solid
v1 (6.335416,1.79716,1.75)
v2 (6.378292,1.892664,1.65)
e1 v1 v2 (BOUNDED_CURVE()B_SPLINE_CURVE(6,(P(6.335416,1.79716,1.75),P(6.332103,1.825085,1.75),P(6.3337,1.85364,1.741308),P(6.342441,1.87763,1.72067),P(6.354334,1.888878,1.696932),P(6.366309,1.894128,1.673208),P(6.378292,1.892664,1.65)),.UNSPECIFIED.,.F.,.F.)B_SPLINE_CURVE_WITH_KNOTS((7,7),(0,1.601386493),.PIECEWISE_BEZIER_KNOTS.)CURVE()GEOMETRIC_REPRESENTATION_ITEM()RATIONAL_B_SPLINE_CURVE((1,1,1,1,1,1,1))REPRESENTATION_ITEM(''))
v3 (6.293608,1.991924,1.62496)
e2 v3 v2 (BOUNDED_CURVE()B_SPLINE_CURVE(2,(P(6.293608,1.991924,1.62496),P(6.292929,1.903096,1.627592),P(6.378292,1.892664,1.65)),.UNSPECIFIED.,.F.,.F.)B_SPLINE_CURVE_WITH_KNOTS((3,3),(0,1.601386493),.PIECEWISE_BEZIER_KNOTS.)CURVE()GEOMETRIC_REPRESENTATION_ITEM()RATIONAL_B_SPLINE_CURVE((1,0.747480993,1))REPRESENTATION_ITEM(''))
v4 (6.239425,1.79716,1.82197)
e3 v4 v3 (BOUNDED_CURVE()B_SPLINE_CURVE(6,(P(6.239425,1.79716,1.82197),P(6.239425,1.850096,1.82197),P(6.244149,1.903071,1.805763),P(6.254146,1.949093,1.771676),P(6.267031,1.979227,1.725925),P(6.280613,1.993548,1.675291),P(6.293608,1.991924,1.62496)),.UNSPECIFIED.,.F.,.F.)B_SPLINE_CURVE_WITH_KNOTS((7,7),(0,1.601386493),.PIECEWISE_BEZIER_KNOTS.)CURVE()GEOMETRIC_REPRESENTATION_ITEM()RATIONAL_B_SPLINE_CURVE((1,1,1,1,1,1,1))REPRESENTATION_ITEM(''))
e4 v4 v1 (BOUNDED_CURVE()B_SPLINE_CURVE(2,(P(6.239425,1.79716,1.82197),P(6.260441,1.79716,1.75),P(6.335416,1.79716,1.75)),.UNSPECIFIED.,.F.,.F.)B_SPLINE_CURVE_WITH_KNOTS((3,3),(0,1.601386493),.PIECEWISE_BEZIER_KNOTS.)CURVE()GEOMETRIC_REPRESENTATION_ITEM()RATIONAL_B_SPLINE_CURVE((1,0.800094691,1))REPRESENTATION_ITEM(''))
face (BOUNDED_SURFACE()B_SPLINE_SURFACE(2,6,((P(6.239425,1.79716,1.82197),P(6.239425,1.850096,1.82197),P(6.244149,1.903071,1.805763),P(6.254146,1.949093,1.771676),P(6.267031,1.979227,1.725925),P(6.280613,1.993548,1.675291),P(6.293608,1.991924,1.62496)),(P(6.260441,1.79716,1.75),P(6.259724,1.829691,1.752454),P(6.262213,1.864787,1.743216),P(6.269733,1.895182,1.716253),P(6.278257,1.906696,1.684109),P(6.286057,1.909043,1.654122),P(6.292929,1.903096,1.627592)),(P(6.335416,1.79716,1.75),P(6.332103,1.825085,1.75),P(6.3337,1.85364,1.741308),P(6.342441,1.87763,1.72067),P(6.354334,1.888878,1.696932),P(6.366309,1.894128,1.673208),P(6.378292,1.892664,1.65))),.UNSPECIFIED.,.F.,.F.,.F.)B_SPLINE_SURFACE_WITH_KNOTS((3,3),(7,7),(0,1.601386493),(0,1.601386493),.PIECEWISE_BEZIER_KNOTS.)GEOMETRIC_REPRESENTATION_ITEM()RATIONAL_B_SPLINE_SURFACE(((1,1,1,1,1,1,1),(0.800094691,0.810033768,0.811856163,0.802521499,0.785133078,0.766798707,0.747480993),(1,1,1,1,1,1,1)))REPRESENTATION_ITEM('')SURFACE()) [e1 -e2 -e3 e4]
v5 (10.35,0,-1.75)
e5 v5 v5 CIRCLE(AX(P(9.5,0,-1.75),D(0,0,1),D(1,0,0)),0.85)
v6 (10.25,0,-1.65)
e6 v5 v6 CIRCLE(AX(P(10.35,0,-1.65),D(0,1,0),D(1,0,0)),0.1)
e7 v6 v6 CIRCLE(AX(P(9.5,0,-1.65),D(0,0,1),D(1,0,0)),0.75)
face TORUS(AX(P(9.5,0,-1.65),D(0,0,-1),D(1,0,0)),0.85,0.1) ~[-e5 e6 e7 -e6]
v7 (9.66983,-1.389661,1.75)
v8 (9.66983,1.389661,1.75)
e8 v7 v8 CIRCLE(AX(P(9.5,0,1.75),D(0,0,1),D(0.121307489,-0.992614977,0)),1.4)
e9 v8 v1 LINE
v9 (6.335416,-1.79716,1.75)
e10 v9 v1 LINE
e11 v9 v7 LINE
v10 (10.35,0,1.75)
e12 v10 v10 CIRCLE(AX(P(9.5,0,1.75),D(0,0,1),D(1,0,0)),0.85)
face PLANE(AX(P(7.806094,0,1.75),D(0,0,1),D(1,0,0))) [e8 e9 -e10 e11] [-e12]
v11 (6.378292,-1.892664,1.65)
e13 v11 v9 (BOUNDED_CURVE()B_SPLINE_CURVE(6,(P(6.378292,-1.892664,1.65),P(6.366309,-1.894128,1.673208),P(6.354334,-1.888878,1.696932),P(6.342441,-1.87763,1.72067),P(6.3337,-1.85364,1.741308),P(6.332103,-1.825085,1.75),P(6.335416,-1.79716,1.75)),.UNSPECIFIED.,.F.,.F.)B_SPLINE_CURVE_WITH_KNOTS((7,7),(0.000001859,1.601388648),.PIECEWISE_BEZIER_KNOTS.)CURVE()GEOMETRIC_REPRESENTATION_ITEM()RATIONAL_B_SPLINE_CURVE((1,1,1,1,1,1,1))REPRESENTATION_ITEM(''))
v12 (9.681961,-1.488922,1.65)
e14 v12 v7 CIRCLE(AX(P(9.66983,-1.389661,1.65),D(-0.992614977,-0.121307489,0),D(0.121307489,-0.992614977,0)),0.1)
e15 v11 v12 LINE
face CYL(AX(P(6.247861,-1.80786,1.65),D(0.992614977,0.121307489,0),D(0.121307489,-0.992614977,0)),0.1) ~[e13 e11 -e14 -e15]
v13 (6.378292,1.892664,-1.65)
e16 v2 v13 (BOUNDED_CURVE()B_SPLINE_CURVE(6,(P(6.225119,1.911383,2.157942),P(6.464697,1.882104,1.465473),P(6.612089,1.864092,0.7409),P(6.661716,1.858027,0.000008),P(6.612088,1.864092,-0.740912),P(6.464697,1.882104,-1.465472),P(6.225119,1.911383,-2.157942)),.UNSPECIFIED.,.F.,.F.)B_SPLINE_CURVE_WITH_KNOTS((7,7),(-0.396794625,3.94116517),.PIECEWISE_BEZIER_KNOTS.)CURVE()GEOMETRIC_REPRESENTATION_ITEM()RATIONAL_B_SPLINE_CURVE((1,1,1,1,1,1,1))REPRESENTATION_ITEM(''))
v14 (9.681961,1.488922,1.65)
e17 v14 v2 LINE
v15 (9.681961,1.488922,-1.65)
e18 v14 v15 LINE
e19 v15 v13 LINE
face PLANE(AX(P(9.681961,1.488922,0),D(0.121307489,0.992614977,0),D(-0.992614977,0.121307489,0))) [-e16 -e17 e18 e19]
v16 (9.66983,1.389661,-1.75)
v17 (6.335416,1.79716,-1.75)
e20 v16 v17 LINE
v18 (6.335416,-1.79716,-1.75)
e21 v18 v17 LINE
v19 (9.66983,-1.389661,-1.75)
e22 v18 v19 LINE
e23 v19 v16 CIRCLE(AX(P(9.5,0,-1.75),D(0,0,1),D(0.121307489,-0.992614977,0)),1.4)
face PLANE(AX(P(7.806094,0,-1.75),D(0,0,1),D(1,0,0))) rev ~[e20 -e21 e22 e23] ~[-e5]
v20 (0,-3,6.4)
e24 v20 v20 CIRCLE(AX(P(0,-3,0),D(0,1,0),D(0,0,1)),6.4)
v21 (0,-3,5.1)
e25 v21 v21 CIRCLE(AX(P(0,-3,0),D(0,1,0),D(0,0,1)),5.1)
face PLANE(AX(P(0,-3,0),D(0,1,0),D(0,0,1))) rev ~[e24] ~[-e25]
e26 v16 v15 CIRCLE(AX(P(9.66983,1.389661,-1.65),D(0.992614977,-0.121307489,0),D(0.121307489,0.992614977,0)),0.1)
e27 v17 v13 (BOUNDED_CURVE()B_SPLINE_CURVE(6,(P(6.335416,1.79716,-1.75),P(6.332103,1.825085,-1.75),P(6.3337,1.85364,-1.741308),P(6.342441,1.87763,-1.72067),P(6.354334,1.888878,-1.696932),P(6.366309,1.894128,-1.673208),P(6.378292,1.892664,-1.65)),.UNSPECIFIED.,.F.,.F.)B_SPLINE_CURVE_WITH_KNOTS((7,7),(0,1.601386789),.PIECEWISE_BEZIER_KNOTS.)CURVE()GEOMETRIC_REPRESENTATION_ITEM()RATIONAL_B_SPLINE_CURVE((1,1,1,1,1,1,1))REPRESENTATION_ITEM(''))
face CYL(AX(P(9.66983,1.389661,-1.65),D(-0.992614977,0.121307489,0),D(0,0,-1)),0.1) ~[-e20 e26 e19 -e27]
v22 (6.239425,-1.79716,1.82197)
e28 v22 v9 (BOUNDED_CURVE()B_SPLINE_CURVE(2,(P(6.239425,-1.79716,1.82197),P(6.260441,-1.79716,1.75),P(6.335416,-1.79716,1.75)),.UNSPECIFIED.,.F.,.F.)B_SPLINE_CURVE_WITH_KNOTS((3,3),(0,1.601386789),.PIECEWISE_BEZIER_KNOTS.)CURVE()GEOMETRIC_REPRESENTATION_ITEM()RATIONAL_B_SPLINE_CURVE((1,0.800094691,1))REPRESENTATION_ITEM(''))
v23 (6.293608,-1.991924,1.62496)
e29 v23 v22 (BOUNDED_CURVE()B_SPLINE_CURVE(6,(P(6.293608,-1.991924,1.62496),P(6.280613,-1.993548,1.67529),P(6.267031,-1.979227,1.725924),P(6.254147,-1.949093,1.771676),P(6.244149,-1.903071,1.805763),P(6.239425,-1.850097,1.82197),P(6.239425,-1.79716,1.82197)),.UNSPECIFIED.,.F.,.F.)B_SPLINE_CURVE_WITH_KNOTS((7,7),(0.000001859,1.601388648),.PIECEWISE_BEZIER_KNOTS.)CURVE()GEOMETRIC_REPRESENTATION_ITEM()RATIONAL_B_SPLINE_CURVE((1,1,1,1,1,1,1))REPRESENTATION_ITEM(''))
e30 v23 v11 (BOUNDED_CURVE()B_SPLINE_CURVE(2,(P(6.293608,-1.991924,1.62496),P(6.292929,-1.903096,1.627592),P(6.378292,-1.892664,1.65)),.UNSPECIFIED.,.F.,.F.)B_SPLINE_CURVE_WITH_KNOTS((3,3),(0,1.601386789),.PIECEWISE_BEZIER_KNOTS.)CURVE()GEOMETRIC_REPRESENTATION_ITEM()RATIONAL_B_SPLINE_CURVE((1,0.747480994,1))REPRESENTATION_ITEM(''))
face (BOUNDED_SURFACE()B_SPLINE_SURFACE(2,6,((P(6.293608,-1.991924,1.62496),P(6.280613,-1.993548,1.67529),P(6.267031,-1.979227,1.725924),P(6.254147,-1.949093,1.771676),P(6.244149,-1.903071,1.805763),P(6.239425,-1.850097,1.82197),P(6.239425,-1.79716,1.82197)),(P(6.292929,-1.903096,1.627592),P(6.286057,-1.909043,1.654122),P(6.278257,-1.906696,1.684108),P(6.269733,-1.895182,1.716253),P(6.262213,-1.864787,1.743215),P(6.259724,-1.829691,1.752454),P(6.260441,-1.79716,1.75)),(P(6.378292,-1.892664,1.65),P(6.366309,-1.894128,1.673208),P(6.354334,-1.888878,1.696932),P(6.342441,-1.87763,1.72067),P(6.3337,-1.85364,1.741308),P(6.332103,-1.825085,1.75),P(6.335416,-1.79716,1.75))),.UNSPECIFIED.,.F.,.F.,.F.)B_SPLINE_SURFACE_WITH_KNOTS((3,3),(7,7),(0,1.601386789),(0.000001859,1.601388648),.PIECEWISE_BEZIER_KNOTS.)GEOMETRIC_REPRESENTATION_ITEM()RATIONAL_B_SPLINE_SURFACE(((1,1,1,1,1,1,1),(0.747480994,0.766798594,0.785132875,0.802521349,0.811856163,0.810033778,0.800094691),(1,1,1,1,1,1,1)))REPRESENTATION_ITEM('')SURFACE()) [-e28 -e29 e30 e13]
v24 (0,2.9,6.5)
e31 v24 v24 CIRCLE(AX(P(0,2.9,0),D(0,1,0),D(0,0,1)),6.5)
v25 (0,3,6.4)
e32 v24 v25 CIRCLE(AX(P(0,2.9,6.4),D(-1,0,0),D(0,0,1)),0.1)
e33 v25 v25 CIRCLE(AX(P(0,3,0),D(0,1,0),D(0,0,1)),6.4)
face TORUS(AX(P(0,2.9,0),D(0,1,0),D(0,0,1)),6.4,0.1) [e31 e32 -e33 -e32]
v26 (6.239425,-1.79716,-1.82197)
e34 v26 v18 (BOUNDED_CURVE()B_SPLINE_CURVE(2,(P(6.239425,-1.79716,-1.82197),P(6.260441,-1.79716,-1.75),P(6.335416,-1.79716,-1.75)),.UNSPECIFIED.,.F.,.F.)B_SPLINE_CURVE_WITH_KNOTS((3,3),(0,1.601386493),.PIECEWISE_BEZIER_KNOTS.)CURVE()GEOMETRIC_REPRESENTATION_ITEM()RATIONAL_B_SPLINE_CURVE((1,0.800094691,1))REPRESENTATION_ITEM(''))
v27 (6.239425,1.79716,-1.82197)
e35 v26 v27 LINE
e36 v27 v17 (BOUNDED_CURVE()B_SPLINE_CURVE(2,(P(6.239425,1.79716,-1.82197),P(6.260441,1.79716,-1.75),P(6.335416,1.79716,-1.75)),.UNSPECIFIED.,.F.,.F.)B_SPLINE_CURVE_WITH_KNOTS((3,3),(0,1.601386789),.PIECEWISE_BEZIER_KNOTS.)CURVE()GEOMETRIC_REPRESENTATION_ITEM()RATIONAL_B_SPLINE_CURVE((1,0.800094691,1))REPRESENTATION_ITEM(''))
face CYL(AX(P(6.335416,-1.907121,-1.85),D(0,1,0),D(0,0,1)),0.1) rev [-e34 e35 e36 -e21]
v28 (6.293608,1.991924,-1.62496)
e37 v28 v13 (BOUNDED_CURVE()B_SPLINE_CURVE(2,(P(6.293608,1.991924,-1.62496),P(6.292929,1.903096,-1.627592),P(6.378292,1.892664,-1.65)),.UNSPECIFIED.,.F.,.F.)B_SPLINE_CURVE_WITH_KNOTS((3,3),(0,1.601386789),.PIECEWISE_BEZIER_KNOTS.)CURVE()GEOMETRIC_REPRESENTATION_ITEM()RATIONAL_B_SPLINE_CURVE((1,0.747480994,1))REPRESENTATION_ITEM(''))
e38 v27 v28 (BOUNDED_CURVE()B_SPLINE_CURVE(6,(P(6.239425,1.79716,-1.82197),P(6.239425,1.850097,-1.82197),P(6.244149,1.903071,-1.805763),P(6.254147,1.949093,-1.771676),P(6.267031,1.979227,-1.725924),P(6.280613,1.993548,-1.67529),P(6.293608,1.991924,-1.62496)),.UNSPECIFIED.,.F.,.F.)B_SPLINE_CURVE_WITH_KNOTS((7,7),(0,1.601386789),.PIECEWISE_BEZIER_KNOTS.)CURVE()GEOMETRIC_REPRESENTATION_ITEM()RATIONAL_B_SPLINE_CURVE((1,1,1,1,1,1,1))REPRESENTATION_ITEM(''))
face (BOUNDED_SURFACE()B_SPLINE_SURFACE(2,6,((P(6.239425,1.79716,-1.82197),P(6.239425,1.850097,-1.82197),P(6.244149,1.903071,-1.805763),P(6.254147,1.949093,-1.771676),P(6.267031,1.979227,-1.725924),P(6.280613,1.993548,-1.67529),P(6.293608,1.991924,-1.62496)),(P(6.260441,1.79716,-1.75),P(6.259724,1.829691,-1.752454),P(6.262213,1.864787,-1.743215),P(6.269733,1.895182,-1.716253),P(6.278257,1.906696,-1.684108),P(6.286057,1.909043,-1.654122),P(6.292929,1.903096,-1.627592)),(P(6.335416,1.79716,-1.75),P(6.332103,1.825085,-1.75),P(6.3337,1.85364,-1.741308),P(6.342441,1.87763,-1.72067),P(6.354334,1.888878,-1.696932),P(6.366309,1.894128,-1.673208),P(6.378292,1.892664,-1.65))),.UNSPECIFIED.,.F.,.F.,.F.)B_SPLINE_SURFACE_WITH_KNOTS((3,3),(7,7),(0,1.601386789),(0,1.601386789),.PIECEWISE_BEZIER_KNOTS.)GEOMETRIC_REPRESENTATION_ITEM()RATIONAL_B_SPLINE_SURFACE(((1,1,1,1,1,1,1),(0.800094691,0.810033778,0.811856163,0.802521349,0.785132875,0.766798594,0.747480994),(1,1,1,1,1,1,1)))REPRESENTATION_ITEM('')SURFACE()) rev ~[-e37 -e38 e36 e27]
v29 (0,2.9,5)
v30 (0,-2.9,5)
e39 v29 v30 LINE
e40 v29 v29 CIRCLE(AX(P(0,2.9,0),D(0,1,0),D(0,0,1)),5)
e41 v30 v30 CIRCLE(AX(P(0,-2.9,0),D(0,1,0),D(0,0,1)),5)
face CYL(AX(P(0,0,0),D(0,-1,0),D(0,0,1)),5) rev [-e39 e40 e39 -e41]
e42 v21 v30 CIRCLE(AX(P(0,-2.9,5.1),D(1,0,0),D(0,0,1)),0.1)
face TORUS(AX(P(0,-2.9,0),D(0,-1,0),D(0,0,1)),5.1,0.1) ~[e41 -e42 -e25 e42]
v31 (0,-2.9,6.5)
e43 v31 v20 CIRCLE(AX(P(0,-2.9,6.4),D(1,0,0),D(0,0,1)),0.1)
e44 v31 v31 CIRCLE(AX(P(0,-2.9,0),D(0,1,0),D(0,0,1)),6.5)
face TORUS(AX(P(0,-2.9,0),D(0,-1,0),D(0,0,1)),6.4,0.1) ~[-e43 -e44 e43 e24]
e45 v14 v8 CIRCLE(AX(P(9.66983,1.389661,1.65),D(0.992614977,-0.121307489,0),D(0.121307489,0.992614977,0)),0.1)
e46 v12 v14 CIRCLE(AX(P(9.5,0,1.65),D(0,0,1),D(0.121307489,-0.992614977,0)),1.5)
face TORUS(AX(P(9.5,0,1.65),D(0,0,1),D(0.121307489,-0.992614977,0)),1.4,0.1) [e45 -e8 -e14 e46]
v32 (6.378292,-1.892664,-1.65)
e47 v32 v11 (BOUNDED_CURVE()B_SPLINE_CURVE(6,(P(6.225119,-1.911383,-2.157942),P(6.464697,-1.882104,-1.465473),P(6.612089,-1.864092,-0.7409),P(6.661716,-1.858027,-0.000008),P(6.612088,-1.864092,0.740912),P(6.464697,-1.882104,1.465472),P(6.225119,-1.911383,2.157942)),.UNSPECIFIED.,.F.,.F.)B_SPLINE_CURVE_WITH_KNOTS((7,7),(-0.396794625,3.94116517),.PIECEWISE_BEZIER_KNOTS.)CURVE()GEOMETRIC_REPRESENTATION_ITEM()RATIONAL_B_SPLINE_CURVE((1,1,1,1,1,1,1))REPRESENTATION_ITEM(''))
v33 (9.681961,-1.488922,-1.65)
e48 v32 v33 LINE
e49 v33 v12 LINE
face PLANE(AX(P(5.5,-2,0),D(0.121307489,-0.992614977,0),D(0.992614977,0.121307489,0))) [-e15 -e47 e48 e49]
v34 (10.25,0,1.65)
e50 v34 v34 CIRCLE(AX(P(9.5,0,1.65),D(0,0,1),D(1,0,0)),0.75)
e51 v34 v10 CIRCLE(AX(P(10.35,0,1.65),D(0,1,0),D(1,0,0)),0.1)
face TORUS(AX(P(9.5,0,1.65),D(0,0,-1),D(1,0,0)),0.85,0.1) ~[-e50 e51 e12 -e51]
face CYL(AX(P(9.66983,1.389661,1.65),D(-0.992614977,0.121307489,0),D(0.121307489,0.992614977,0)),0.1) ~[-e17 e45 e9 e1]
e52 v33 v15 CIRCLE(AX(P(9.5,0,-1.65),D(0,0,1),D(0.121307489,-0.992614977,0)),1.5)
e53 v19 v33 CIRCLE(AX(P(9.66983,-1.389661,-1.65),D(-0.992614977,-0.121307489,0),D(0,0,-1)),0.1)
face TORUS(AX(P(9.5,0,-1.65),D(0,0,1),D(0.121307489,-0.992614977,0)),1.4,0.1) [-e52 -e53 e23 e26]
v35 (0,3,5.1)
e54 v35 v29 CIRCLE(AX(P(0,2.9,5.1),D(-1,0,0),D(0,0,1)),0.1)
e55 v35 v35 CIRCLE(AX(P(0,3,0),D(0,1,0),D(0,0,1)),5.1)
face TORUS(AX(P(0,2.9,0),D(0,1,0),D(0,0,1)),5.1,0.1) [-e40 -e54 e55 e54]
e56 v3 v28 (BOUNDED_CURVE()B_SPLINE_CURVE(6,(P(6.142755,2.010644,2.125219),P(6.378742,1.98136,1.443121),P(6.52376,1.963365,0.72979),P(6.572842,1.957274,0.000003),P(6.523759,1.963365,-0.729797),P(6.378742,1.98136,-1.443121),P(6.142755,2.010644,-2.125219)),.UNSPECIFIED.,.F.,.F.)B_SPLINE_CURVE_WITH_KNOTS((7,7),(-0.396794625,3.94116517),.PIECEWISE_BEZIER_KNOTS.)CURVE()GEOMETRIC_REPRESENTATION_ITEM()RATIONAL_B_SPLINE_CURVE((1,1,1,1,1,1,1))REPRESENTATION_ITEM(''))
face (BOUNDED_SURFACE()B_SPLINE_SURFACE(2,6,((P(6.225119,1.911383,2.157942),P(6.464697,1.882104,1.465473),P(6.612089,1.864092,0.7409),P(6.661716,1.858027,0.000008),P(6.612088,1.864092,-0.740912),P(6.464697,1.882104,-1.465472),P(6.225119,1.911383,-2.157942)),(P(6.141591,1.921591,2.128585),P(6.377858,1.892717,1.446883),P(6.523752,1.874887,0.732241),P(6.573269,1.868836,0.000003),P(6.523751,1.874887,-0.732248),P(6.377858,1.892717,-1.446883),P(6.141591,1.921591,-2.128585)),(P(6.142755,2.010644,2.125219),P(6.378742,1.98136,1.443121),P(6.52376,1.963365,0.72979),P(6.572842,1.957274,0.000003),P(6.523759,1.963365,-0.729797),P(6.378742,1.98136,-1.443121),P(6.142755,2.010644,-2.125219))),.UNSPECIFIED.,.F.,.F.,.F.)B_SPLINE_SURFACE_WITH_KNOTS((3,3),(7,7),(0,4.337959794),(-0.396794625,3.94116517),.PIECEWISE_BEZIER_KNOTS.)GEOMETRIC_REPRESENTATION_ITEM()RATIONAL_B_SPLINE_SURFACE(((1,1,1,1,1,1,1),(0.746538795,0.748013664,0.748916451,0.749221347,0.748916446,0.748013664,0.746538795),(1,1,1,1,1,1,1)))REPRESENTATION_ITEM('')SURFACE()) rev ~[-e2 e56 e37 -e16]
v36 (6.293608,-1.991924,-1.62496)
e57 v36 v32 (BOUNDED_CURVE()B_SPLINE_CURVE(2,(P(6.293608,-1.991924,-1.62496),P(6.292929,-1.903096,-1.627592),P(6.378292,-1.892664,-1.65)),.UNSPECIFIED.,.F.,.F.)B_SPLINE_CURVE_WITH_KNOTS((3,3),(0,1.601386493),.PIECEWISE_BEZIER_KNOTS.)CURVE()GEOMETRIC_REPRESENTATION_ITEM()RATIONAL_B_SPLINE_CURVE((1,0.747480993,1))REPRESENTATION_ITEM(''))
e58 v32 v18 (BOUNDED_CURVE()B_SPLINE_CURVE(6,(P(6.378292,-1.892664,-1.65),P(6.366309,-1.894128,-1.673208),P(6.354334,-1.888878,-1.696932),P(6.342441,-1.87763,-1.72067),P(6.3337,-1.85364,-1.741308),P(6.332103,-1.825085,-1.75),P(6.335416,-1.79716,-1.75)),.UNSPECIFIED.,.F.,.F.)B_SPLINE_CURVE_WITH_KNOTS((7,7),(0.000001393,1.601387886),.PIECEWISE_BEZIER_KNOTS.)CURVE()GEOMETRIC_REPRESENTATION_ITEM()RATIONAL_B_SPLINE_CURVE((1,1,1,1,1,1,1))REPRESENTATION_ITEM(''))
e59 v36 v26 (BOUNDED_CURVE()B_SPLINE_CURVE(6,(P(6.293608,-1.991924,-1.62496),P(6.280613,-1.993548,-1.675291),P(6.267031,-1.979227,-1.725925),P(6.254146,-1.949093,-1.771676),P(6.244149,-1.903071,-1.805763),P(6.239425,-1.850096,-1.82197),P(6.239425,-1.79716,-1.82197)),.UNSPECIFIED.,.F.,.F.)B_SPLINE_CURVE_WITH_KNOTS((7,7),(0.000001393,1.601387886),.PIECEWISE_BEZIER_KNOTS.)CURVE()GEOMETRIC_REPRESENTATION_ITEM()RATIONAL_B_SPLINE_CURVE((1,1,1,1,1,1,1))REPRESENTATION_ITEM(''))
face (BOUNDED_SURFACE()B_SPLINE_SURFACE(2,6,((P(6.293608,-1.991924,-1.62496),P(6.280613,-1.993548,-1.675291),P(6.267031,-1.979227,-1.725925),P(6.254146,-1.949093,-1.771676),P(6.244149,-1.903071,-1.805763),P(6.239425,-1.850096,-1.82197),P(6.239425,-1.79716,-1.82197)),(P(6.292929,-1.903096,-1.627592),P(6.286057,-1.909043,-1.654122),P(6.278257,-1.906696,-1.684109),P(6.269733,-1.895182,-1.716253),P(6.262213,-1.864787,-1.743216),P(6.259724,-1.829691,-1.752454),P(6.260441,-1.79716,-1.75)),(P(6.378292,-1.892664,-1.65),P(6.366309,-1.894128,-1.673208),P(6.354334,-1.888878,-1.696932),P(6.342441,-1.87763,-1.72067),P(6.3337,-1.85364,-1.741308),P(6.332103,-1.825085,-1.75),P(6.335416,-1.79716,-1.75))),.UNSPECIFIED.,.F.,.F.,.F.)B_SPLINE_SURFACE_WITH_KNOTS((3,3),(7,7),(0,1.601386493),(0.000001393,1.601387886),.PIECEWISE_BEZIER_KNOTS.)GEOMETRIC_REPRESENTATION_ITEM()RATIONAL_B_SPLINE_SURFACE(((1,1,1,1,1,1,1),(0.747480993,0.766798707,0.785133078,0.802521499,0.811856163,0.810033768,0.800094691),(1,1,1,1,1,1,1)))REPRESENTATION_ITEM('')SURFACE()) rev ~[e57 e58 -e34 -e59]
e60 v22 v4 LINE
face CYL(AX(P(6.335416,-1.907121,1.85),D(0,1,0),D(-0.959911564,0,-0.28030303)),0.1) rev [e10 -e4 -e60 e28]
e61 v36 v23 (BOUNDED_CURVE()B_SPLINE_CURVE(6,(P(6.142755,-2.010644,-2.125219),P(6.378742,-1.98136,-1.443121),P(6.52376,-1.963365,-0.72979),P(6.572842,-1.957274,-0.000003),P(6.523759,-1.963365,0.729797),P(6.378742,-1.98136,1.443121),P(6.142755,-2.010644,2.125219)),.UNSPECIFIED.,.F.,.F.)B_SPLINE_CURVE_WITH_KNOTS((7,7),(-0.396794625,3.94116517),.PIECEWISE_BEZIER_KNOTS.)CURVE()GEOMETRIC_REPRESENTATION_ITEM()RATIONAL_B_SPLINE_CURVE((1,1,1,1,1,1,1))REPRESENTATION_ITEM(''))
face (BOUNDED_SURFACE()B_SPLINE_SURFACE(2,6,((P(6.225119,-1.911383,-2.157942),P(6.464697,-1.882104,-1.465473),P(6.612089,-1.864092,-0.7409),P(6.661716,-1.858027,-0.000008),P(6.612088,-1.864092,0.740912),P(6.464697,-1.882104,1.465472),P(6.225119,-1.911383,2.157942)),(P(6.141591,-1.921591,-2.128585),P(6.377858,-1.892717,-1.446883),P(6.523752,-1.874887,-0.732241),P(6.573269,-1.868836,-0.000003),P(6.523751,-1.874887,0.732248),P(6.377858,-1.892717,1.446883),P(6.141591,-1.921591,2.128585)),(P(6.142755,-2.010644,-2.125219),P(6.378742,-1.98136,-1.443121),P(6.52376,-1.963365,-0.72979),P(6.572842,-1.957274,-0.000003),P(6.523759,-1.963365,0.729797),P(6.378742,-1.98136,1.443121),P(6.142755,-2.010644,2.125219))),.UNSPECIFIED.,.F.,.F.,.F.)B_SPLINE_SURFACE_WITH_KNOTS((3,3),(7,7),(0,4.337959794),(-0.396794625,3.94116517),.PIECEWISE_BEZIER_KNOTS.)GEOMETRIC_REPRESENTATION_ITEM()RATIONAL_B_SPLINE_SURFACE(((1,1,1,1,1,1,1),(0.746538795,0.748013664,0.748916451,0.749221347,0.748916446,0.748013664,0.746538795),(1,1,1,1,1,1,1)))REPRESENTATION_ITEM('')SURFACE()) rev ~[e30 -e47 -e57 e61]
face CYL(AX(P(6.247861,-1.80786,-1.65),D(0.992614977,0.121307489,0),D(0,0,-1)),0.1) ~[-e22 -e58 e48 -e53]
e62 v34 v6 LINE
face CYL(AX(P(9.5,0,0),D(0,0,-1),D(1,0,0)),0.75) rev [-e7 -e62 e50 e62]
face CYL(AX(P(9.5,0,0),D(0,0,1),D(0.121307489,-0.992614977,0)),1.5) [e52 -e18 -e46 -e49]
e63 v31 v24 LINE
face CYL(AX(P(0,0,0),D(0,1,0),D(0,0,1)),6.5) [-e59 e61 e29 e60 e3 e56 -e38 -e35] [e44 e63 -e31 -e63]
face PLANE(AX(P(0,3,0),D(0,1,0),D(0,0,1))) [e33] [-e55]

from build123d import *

# Parameters (mm, degrees)
SKETCH1_R           = 6.5
SKETCH1_R_2         = 5
BOSS_EXTRUDE1_DEPTH = 3
SKETCH2_R           = 0.75
BOSS_EXTRUDE2_DEPTH = 1.75
FILLET1_R           = 0.1


with BuildPart() as part:
    # Sketch1 → Boss-Extrude1 (new, symmetric)
    with BuildSketch(Plane(origin=(0, 0, 0), x_dir=(1, 0, 0), z_dir=(0, 1, 0))):
        with Locations(Location((0, 0, 0), (0, 0, 270))):
            Circle(SKETCH1_R)
        with Locations(Location((0, 0, 0), (0, 0, 270))):
            Circle(SKETCH1_R_2, mode=Mode.SUBTRACT)
    extrude(amount=BOSS_EXTRUDE1_DEPTH, both=True)

    # Sketch2 → Boss-Extrude2 (add, symmetric)
    with BuildSketch(Plane.XY):
        with BuildLine():
            Line((5.5, 2), (5.5, -2))
            Line((5.5, -2), (9.681961233, -1.488922466))
            ThreePointArc((9.681961233, -1.488922466), (11, 0), (9.681961233, 1.488922466))
            Line((9.681961233, 1.488922466), (5.5, 2))
        make_face()
        with Locations((9.5, 0)):
            Circle(SKETCH2_R, mode=Mode.SUBTRACT)
    extrude(amount=BOSS_EXTRUDE2_DEPTH, both=True)

    # Fillet1
    fillet1_edges = [part.edges().sort_by_distance(p)[0] for p in [
        (6.5, -1.877789988, 0),
        (6.259992013, 0, -1.75),
        (6.259992013, 0, 1.75),
        (6.5, 1.877789988, 0),
        (7.970976623, -1.698021916, 1.75),
        (11, 0, 1.75),
        (7.970976623, 1.698021916, 1.75),
        (8.75, 0, -1.75),
        (7.970976623, 1.698021916, -1.75),
        (7.970976623, -1.698021916, -1.75),
        (11, 0, -1.75),
        (8.75, 0, 1.75),
        (0, -3, -6.5),
        (0, 3, -6.5),
        (0, -3, -5),
        (0, 3, -5),
    ]]
    fillet(fillet1_edges, radius=FILLET1_R)


solid = part.part
